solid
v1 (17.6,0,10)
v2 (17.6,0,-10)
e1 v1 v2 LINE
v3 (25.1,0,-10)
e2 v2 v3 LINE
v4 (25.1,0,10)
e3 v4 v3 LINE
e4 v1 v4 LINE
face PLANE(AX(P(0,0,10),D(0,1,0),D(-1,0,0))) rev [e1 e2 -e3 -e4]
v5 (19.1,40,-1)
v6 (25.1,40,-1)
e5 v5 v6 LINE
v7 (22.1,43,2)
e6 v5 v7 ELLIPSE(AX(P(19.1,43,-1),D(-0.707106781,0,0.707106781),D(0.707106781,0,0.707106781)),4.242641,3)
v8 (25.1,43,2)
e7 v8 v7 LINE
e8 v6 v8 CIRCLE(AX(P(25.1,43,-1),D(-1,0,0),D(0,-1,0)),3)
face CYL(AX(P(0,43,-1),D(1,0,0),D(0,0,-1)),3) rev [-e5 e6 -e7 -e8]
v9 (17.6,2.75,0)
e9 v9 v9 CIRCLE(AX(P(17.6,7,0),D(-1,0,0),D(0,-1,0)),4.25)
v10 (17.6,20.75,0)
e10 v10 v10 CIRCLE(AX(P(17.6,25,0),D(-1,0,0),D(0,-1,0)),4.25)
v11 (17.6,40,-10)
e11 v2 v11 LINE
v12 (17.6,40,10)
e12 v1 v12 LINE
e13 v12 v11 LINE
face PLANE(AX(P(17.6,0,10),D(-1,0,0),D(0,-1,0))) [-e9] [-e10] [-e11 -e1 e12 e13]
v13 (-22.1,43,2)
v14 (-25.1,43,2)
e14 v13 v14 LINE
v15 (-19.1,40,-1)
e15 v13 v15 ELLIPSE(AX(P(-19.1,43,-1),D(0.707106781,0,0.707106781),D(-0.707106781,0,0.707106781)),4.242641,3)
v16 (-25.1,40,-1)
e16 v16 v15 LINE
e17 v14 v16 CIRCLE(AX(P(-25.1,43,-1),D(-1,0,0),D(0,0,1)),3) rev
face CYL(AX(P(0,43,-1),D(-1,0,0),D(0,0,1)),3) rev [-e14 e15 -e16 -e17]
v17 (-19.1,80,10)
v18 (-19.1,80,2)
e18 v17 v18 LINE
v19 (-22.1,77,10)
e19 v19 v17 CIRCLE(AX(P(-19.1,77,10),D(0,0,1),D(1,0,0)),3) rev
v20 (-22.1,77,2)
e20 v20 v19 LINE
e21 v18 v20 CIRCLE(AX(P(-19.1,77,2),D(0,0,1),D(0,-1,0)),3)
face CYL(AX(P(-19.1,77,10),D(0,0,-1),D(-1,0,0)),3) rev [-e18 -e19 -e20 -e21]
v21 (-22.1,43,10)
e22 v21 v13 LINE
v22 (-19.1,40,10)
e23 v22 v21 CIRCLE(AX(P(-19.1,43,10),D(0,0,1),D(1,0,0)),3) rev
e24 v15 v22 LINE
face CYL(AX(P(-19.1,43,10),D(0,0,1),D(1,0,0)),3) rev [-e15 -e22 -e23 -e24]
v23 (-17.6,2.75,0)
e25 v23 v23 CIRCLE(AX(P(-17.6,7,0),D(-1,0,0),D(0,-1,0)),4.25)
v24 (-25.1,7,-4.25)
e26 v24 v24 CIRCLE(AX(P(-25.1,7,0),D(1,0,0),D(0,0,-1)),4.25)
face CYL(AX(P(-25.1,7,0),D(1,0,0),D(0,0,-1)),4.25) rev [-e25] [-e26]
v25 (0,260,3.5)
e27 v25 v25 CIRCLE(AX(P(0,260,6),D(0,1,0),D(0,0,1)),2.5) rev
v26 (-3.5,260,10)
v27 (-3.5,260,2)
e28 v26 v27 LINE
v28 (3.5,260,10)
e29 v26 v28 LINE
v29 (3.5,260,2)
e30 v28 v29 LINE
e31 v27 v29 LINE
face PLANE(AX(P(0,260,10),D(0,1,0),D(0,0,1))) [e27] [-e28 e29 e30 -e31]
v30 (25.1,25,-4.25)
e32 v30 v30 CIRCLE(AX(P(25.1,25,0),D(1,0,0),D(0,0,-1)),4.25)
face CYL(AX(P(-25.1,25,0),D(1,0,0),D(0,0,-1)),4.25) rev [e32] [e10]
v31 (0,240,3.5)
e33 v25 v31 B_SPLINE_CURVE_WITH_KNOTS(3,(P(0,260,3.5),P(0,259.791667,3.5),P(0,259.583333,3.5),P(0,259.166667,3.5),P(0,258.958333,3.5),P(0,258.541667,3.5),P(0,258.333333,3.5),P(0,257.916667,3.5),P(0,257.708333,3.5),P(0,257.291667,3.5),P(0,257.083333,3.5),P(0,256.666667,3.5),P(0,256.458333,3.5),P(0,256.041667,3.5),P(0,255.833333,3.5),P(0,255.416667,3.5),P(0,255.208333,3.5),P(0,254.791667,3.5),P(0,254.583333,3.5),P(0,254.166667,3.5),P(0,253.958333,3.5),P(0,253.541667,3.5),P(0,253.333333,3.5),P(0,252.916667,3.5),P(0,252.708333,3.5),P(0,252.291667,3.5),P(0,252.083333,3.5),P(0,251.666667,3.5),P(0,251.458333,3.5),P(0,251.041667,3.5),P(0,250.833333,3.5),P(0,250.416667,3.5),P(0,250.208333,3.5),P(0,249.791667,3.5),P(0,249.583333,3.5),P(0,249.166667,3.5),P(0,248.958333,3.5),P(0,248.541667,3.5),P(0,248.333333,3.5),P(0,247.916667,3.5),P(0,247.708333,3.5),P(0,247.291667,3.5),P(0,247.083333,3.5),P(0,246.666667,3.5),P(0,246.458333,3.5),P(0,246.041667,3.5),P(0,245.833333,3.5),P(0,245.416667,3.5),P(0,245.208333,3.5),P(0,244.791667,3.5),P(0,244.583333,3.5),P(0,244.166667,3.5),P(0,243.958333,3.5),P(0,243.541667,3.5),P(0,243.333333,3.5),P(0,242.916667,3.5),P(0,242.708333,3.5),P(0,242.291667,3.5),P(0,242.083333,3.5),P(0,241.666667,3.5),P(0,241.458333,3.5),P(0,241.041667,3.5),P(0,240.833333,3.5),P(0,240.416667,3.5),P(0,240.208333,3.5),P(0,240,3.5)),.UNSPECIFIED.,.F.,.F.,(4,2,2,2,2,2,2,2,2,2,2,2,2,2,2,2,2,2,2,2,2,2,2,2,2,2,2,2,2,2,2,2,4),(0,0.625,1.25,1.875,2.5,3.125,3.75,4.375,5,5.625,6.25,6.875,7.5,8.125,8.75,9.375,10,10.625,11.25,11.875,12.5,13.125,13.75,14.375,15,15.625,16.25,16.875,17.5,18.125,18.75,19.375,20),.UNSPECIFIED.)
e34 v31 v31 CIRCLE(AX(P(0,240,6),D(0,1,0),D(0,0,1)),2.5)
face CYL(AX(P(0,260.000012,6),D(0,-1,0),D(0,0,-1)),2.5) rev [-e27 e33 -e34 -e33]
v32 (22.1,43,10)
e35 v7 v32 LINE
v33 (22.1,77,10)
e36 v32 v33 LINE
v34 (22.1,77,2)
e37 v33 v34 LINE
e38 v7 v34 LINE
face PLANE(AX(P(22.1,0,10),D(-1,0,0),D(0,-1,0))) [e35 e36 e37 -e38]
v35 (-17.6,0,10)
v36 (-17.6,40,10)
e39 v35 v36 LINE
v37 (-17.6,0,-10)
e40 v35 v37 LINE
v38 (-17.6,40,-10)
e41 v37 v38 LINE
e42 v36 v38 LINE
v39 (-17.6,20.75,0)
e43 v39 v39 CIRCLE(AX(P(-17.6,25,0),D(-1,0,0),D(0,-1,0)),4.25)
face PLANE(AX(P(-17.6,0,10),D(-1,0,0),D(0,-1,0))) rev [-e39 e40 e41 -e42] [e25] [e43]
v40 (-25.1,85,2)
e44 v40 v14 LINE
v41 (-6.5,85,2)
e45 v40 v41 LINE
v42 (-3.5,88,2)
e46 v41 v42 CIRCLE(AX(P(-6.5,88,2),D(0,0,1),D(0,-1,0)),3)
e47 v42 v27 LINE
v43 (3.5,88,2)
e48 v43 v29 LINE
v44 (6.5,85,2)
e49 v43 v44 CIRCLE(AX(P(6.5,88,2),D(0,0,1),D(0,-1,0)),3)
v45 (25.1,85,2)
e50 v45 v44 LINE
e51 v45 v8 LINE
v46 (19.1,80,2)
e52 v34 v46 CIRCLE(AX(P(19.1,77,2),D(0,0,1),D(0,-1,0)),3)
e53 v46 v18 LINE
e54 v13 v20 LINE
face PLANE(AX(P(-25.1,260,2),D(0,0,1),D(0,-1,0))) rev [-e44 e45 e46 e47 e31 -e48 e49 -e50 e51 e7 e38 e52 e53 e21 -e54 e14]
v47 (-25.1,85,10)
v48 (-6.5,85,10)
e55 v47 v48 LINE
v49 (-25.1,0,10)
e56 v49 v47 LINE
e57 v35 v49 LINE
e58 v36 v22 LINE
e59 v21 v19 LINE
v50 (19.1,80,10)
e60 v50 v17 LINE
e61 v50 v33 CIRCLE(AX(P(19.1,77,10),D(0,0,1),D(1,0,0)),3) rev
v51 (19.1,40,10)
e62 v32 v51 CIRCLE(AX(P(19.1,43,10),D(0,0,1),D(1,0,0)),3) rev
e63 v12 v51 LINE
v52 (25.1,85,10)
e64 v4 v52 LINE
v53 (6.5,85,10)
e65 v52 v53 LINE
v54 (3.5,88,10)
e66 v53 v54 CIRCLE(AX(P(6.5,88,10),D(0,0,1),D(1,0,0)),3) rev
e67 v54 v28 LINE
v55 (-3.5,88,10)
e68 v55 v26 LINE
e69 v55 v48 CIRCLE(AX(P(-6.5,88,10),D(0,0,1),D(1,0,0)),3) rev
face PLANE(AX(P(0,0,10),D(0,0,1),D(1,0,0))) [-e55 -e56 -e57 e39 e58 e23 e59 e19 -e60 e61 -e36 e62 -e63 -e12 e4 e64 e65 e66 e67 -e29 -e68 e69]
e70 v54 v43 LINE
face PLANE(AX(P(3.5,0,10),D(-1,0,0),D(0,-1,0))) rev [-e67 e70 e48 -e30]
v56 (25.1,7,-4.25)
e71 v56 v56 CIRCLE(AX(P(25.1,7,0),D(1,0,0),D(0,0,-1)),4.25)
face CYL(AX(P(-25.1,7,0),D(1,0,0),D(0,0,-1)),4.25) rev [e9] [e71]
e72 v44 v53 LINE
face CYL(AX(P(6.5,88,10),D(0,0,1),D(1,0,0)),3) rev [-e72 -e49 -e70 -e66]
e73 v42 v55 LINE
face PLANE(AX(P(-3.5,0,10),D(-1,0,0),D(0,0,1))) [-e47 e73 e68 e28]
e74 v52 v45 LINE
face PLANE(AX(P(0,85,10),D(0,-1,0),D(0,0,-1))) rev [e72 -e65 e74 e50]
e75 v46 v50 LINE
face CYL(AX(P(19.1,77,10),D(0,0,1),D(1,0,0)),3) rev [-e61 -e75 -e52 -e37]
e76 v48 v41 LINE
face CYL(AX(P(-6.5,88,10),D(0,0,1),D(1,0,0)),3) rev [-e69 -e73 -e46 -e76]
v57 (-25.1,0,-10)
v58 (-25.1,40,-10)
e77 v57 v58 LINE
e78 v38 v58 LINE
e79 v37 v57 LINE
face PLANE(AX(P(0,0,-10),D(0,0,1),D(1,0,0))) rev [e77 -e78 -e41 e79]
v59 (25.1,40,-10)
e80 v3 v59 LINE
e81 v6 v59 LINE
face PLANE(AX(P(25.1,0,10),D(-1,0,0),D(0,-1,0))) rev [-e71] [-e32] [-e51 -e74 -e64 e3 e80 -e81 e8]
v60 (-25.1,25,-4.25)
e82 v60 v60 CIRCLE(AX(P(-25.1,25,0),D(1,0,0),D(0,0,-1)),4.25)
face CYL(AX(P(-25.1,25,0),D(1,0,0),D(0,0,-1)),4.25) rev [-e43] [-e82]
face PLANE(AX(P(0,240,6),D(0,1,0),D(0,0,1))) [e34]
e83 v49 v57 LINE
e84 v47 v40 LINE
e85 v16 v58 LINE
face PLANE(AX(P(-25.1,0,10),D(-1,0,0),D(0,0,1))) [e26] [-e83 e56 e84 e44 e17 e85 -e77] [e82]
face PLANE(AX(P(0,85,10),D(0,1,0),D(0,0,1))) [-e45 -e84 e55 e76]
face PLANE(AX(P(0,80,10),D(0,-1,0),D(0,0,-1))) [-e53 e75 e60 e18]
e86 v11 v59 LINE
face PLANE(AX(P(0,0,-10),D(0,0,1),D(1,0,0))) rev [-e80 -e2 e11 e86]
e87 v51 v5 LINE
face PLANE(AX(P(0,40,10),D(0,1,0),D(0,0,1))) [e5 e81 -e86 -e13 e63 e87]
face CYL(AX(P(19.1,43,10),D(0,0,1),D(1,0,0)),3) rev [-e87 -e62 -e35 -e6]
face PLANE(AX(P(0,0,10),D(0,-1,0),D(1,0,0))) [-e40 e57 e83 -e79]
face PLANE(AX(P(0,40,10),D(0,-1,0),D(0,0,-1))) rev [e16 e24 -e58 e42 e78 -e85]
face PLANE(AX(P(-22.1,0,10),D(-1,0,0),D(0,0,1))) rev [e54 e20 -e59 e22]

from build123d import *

# Parameters (mm, degrees)
BOSS_EXTRUDE4_DEPTH     = 10
CUT_EXTRUDE2_DEPTH      = 262.400095639
CUT_EXTRUDE2_DEPTH_BACK = 262.400095639
SKETCH7_R               = 4.25
CUT_EXTRUDE4_DEPTH      = 262.400095639
CUT_EXTRUDE4_DEPTH_BACK = 262.400095639
SKETCH11_W              = 18.643899753
SKETCH11_H              = 220
CUT_EXTRUDE5_DEPTH      = 262.400095639
CUT_EXTRUDE5_DEPTH_BACK = 20
SKETCH12_R              = 2.5
FILLET3_R               = 3


with BuildPart() as part:
    # Sketch6 → Boss-Extrude4 (new, symmetric)
    with BuildSketch(Plane.XY):
        Polygon((-25.1, 0), (-17.6, 0), (-17.6, 40), (-22.1, 40), (-22.1, 80), (22.1, 80), (22.1, 40), (17.6, 40), (17.6, 0), (25.1, 0), (25.1, 85), (3.5, 85), (3.5, 260), (-3.5, 260), (-3.5, 85), (-25.1, 85), align=None)
    extrude(amount=BOSS_EXTRUDE4_DEPTH, both=True)

    # Sketch7 → Cut-Extrude2 (cut, two sides: drawn at the far end of the back side and taken through both)
    with BuildSketch(Plane(origin=(0, 0, 0), x_dir=(0, 0, -1), z_dir=(1, 0, 0)).offset(-CUT_EXTRUDE2_DEPTH_BACK)):
        with Locations((0, 7)):
            Circle(SKETCH7_R)
        with Locations((0, 25)):
            Circle(SKETCH7_R)
    extrude(amount=CUT_EXTRUDE2_DEPTH + CUT_EXTRUDE2_DEPTH_BACK, mode=Mode.SUBTRACT)

    # Sketch11 → Cut-Extrude4 (cut, two sides: drawn at the far end of the back side and taken through both)
    with BuildSketch(Plane(origin=(0, 0, 0), x_dir=(0, 0, -1), z_dir=(1, 0, 0)).offset(-CUT_EXTRUDE4_DEPTH_BACK)):
        with Locations((7.321949876, 150)):
            Rectangle(SKETCH11_W, SKETCH11_H)
    extrude(amount=CUT_EXTRUDE4_DEPTH + CUT_EXTRUDE4_DEPTH_BACK, mode=Mode.SUBTRACT)

    # Sketch12 → Cut-Extrude5 (cut, two sides: drawn at the far end of the back side and taken through both)
    with BuildSketch(Plane(origin=(0, 260, 0), x_dir=(1, 0, 0), z_dir=(0, 1, 0)).offset(-CUT_EXTRUDE5_DEPTH_BACK)):
        with Locations(Location((0, -6, 0), (0, 0, 90))):
            Circle(SKETCH12_R)
    extrude(amount=CUT_EXTRUDE5_DEPTH + CUT_EXTRUDE5_DEPTH_BACK, mode=Mode.SUBTRACT)

    # Fillet3
    fillet3_edges = [part.edges().sort_by_distance(p)[0] for p in [
        (-23.6, 40, 2),
        (23.6, 40, 2),
        (22.1, 40, 6),
        (22.1, 80, 6),
        (-22.1, 80, 6),
        (-22.1, 40, 6),
        (-3.5, 85, 6),
        (3.5, 85, 6),
    ]]
    fillet(fillet3_edges, radius=FILLET3_R)


solid = part.part
